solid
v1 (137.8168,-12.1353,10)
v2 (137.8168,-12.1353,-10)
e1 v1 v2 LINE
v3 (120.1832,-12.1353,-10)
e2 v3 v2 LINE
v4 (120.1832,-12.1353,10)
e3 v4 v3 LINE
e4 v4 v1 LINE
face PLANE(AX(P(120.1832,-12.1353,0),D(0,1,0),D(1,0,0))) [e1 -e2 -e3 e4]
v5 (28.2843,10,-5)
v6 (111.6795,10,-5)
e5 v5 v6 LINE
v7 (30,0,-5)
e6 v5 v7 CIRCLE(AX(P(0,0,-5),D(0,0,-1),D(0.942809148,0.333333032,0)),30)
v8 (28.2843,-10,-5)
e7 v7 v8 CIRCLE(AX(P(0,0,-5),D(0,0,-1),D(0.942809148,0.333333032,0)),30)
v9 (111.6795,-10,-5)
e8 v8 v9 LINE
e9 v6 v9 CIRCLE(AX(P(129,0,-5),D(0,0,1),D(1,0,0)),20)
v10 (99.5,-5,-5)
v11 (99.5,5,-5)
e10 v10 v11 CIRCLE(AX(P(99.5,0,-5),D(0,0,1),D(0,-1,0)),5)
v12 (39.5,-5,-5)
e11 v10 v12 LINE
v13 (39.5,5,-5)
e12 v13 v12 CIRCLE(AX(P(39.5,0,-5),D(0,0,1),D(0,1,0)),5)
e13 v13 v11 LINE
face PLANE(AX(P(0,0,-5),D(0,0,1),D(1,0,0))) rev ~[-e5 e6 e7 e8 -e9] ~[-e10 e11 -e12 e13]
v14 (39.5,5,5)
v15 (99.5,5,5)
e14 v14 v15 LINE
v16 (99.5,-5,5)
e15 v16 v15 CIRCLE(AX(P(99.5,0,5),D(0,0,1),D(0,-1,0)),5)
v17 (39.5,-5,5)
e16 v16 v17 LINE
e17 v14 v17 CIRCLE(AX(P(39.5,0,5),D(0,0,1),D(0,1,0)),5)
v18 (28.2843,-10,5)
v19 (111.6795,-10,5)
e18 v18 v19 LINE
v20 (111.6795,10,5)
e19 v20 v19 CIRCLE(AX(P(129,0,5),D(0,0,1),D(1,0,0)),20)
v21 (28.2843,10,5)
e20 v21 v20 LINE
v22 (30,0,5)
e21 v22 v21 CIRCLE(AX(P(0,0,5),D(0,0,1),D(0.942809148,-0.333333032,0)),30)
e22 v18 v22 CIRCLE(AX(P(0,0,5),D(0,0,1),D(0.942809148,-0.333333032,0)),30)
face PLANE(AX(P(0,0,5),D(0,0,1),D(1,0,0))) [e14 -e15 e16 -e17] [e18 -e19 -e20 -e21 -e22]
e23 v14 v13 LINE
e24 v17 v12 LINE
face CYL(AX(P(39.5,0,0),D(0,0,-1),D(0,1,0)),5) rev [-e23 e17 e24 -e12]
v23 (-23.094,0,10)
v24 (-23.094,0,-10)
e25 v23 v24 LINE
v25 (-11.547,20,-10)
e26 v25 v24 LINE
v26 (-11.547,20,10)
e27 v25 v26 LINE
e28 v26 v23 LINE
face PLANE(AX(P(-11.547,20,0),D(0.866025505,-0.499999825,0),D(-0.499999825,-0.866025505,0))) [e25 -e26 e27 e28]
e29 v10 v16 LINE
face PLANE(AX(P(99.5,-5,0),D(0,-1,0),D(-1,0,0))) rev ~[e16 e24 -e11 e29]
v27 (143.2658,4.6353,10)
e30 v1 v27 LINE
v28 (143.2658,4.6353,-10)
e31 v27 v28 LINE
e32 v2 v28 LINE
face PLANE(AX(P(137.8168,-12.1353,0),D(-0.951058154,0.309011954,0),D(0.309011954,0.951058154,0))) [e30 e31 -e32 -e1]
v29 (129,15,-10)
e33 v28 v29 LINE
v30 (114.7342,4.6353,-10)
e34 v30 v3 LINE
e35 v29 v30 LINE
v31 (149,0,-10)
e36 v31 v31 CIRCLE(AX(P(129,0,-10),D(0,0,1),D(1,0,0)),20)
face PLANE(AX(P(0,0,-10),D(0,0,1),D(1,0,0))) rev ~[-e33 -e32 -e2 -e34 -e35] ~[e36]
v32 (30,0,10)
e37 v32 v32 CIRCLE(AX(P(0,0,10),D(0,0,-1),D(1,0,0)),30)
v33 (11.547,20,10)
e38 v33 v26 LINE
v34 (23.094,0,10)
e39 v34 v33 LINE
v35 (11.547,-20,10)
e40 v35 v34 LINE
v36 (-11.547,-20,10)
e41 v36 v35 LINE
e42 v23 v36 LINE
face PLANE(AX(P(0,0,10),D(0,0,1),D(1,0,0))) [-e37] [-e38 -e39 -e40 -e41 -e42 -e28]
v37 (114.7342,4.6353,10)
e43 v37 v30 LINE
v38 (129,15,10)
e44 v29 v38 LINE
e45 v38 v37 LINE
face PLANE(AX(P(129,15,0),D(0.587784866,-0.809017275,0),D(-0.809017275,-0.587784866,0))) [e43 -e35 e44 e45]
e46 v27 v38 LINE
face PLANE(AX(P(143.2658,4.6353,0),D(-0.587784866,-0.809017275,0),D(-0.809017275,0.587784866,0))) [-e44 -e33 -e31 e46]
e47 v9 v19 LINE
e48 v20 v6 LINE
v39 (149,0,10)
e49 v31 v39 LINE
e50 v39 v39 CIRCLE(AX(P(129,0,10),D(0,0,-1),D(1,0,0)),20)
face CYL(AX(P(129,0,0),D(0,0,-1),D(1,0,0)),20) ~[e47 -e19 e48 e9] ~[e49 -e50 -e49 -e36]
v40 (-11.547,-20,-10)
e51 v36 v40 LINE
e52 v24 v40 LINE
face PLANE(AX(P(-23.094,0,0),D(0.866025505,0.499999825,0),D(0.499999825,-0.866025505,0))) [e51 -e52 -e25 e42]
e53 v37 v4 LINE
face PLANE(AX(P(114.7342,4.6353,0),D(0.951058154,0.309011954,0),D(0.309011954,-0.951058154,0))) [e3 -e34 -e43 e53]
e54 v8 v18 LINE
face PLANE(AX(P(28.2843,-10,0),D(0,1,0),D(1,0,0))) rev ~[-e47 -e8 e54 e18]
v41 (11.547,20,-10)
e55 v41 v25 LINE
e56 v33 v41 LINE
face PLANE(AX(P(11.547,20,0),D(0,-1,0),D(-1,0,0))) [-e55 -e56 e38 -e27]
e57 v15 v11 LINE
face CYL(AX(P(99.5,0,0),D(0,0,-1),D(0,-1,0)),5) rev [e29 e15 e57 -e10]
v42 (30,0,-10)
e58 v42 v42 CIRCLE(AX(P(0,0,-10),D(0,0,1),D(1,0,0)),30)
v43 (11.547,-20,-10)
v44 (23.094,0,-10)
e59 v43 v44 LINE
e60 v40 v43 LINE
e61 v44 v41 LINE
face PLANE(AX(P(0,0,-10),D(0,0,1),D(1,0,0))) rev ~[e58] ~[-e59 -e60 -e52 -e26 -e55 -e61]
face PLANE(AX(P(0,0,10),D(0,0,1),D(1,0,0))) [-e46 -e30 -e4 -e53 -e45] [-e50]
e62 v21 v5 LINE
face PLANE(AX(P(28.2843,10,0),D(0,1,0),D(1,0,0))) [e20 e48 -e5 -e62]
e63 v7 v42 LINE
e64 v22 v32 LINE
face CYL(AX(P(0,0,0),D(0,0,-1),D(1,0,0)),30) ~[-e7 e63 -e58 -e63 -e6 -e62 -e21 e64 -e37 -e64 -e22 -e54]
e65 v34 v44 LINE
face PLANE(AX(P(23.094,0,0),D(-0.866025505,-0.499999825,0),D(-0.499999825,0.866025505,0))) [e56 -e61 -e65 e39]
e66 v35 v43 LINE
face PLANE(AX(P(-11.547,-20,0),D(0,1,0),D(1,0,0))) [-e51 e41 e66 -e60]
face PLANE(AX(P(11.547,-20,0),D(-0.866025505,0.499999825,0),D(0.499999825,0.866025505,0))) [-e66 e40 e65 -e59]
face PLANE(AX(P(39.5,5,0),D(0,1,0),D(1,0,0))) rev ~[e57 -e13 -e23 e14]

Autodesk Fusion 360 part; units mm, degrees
sketch "Sketch1" plane through (0, 0, 0) normal (0, 0, 1) x (1, 0, 0)
  circle A0 centre (0, 0) radius 30
  line L0 (0, 0) -> (129, 0) construction
  circle A1 centre (129, 0) radius 20
  line L1 (-11.547, 20) -> (-23.094, 0)
  line L2 (-23.094, 0) -> (-11.547, -20)
  line L3 (-11.547, -20) -> (11.547, -20)
  line L4 (11.547, -20) -> (23.094, 0)
  line L5 (23.094, 0) -> (11.547, 20)
  line L6 (11.547, 20) -> (-11.547, 20)
  line L7 (0, 0) -> (0, 40) construction
  line L8 (129, 0) -> (129, 50) construction
  line L9 (129, 15) -> (114.7342, 4.6353)
  line L10 (114.7342, 4.6353) -> (120.1832, -12.1353)
  line L11 (120.1832, -12.1353) -> (137.8168, -12.1353)
  line L12 (137.8168, -12.1353) -> (143.2658, 4.6353)
  line L13 (143.2658, 4.6353) -> (129, 15)
  line L14 (28.2843, 10) -> (111.6795, 10)
  line L15 (28.2843, -10) -> (111.6795, -10)
  line L16 (30, 0) -> (109, 0) construction
  line L17 (69.5, 0) -> (69.5, 17.0528) construction
  line L18 (99.5, -5) -> (39.5, -5)
  line L19 (39.5, -5) -> (39.5, 5) construction
  line L20 (39.5, 5) -> (99.5, 5)
  line L21 (99.5, 5) -> (99.5, -5) construction
  line L22 (99.5, -5) -> (39.5, 5) construction
  line L23 (39.5, -5) -> (99.5, 5) construction
  arc A2 (39.5, 5) -> (39.5, -5) centre (39.5, 0) ccw
  arc A3 (99.5, -5) -> (99.5, 5) centre (99.5, 0) ccw
  point P0 (129, 0)
  point P1 (64.5, 0)
  point P2 (69.5, 0)
  dimension "d1" = 60
  dimension "d2" = 129
  dimension "d3" = 40
  dimension "d4" = 20
  dimension "d5" = 15
  dimension "d6" = 10
  dimension "d7" = 10
  dimension "d17" = 10
  dimension "d19" = 60
extrude "Extrude1" add sketch "Sketch1" along normal mid plane 20 contours A0 | A1 makes body 1 at (27.1662, -12.7278, 3.3333) makes body 2 at (148.9006, -1.9914, -3.3333)
extrude "Extrude2" add sketch "Sketch1" along normal mid plane 10 contours A0 A1 L14 L15 bodies 1 2
